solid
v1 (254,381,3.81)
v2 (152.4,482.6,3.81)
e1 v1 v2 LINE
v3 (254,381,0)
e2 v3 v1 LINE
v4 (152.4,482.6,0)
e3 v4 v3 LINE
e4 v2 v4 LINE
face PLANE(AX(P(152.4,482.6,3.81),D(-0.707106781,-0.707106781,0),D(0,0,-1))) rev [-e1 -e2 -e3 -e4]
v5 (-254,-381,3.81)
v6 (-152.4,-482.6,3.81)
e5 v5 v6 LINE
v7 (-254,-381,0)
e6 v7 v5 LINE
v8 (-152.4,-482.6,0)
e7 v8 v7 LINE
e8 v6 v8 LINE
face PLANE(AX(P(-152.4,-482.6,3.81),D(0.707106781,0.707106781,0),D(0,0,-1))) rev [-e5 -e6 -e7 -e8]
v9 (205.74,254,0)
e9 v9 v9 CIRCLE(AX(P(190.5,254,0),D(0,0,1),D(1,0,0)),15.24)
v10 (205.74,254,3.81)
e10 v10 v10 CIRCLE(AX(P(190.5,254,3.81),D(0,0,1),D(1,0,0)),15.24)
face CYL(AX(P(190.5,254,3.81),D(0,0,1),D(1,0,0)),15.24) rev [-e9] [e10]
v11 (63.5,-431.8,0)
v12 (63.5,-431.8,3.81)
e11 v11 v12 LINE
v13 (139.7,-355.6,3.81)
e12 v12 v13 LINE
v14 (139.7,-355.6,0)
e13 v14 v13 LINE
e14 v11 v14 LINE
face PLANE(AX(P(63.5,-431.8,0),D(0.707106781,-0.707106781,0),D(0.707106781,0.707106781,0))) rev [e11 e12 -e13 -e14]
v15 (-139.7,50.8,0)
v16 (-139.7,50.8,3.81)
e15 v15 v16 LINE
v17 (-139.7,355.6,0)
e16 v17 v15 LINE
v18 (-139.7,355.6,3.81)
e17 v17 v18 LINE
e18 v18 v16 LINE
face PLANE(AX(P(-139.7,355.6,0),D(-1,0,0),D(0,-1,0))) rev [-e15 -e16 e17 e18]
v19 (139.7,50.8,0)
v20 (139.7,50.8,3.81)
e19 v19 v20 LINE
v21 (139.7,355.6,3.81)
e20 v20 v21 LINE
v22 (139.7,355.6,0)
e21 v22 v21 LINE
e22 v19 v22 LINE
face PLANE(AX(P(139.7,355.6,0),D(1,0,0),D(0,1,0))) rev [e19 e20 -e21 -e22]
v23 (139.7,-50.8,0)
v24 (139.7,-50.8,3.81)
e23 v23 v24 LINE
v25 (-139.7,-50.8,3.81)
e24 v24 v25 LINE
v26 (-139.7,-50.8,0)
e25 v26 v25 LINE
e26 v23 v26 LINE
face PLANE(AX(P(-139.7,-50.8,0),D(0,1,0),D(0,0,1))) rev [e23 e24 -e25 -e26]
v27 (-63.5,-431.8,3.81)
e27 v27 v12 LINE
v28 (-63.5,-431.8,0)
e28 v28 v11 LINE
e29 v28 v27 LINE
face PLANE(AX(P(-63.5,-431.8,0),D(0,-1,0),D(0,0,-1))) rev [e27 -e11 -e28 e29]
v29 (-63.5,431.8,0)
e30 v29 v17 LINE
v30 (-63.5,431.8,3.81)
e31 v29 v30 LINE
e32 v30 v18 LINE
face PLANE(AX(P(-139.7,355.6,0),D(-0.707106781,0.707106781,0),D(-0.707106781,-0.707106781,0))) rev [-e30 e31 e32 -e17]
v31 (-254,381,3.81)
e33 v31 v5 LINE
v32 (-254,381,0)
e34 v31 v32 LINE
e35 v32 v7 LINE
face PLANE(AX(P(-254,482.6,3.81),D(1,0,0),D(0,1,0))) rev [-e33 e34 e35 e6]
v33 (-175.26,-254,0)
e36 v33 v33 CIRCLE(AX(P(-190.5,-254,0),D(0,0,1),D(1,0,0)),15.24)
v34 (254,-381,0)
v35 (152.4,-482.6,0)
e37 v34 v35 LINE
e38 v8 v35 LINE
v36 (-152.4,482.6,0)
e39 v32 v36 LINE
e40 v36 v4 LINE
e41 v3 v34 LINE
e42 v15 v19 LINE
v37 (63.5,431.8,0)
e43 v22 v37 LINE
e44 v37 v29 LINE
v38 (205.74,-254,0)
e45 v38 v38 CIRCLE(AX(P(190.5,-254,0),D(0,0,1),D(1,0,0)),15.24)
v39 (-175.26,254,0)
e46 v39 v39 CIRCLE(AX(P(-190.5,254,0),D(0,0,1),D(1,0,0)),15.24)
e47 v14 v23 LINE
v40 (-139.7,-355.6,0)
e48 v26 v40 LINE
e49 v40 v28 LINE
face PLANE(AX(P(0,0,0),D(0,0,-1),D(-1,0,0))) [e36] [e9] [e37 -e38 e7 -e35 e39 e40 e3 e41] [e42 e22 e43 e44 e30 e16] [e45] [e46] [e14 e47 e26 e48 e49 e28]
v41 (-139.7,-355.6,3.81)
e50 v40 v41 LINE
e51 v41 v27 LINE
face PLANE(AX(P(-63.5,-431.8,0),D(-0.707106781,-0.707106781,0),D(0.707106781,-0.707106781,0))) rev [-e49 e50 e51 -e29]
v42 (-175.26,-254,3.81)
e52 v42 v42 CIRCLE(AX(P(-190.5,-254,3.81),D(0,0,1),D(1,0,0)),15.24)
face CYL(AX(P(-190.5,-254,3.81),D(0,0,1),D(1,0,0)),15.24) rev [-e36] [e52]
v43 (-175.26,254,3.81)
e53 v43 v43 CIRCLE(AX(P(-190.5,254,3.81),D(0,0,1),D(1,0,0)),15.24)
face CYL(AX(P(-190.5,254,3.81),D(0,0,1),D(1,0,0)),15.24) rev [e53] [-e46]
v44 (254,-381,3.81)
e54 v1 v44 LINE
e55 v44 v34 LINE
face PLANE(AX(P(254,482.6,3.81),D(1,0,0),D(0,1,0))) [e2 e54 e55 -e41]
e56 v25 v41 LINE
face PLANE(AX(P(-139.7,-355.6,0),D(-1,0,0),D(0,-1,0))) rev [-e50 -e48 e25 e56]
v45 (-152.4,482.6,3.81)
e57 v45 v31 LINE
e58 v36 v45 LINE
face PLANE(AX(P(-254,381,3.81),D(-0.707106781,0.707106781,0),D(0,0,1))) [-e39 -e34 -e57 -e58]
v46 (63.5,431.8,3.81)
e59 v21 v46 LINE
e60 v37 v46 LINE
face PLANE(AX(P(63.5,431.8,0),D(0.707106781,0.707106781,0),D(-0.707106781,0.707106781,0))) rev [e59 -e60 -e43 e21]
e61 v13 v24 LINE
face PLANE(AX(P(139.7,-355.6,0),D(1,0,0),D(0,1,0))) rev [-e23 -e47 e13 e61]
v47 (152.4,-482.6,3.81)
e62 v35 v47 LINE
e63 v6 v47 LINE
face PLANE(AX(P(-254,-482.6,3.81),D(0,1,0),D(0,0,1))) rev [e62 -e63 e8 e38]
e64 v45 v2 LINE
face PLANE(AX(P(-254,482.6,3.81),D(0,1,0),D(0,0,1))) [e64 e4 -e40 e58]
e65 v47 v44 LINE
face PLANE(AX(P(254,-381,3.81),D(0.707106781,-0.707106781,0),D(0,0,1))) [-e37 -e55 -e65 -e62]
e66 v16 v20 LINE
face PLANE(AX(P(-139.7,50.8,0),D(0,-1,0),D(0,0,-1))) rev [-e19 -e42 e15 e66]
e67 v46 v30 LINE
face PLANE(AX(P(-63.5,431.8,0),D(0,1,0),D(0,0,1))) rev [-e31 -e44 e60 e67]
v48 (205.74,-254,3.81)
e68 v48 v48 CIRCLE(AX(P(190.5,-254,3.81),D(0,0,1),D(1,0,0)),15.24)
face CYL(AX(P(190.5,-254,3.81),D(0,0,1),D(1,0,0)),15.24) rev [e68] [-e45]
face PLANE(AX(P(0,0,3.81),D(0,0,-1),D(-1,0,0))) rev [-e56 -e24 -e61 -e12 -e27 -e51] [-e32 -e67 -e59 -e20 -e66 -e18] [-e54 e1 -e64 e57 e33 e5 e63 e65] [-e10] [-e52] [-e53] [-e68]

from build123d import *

# Parameters (mm, degrees)
SKETCH1_W                   = 508
SKETCH1_H                   = 965.2
BOSS_EXTRUDE1_DEPTH         = 3.81
F_1_16_1_2_DIAMETER_HOLE1_D = 30.48
CHAMFER1_SIZE               = 101.6
CUT_EXTRUDE2_DEPTH          = 4.81


with BuildPart() as part:
    # Sketch1 → Boss-Extrude1 (new body)
    with BuildSketch(Plane.XY):
        Rectangle(SKETCH1_W, SKETCH1_H)
    extrude(amount=BOSS_EXTRUDE1_DEPTH)

    # 1/16 (1.2) Diameter Hole1 (through all)
    with Locations(Plane.XY.offset(3.81)):
        with Locations((-190.5, 254), (190.5, 254), (190.5, -254), (-190.5, -254)):
            Hole(F_1_16_1_2_DIAMETER_HOLE1_D / 2)

    # Chamfer1
    chamfer1_edges = [part.edges().sort_by_distance(p)[0] for p in [
        (-254, 482.6, 1.905),
        (-254, -482.6, 1.905),
        (254, -482.6, 1.905),
        (254, 482.6, 1.905),
    ]]
    chamfer(chamfer1_edges, length=CHAMFER1_SIZE)

    # Sketch6 → Cut-Extrude2 (cut, through all)
    with BuildSketch(Plane.XY.offset(3.81)):
        Polygon((-63.5, 431.8), (63.5, 431.8), (139.7, 355.6), (139.7, 50.8), (-139.7, 50.8), (-139.7, 355.6), align=None)
        Polygon((139.7, -355.6), (139.7, -50.8), (-139.7, -50.8), (-139.7, -355.6), (-63.5, -431.8), (63.5, -431.8), align=None)
    extrude(amount=-CUT_EXTRUDE2_DEPTH, mode=Mode.SUBTRACT)


solid = part.part
